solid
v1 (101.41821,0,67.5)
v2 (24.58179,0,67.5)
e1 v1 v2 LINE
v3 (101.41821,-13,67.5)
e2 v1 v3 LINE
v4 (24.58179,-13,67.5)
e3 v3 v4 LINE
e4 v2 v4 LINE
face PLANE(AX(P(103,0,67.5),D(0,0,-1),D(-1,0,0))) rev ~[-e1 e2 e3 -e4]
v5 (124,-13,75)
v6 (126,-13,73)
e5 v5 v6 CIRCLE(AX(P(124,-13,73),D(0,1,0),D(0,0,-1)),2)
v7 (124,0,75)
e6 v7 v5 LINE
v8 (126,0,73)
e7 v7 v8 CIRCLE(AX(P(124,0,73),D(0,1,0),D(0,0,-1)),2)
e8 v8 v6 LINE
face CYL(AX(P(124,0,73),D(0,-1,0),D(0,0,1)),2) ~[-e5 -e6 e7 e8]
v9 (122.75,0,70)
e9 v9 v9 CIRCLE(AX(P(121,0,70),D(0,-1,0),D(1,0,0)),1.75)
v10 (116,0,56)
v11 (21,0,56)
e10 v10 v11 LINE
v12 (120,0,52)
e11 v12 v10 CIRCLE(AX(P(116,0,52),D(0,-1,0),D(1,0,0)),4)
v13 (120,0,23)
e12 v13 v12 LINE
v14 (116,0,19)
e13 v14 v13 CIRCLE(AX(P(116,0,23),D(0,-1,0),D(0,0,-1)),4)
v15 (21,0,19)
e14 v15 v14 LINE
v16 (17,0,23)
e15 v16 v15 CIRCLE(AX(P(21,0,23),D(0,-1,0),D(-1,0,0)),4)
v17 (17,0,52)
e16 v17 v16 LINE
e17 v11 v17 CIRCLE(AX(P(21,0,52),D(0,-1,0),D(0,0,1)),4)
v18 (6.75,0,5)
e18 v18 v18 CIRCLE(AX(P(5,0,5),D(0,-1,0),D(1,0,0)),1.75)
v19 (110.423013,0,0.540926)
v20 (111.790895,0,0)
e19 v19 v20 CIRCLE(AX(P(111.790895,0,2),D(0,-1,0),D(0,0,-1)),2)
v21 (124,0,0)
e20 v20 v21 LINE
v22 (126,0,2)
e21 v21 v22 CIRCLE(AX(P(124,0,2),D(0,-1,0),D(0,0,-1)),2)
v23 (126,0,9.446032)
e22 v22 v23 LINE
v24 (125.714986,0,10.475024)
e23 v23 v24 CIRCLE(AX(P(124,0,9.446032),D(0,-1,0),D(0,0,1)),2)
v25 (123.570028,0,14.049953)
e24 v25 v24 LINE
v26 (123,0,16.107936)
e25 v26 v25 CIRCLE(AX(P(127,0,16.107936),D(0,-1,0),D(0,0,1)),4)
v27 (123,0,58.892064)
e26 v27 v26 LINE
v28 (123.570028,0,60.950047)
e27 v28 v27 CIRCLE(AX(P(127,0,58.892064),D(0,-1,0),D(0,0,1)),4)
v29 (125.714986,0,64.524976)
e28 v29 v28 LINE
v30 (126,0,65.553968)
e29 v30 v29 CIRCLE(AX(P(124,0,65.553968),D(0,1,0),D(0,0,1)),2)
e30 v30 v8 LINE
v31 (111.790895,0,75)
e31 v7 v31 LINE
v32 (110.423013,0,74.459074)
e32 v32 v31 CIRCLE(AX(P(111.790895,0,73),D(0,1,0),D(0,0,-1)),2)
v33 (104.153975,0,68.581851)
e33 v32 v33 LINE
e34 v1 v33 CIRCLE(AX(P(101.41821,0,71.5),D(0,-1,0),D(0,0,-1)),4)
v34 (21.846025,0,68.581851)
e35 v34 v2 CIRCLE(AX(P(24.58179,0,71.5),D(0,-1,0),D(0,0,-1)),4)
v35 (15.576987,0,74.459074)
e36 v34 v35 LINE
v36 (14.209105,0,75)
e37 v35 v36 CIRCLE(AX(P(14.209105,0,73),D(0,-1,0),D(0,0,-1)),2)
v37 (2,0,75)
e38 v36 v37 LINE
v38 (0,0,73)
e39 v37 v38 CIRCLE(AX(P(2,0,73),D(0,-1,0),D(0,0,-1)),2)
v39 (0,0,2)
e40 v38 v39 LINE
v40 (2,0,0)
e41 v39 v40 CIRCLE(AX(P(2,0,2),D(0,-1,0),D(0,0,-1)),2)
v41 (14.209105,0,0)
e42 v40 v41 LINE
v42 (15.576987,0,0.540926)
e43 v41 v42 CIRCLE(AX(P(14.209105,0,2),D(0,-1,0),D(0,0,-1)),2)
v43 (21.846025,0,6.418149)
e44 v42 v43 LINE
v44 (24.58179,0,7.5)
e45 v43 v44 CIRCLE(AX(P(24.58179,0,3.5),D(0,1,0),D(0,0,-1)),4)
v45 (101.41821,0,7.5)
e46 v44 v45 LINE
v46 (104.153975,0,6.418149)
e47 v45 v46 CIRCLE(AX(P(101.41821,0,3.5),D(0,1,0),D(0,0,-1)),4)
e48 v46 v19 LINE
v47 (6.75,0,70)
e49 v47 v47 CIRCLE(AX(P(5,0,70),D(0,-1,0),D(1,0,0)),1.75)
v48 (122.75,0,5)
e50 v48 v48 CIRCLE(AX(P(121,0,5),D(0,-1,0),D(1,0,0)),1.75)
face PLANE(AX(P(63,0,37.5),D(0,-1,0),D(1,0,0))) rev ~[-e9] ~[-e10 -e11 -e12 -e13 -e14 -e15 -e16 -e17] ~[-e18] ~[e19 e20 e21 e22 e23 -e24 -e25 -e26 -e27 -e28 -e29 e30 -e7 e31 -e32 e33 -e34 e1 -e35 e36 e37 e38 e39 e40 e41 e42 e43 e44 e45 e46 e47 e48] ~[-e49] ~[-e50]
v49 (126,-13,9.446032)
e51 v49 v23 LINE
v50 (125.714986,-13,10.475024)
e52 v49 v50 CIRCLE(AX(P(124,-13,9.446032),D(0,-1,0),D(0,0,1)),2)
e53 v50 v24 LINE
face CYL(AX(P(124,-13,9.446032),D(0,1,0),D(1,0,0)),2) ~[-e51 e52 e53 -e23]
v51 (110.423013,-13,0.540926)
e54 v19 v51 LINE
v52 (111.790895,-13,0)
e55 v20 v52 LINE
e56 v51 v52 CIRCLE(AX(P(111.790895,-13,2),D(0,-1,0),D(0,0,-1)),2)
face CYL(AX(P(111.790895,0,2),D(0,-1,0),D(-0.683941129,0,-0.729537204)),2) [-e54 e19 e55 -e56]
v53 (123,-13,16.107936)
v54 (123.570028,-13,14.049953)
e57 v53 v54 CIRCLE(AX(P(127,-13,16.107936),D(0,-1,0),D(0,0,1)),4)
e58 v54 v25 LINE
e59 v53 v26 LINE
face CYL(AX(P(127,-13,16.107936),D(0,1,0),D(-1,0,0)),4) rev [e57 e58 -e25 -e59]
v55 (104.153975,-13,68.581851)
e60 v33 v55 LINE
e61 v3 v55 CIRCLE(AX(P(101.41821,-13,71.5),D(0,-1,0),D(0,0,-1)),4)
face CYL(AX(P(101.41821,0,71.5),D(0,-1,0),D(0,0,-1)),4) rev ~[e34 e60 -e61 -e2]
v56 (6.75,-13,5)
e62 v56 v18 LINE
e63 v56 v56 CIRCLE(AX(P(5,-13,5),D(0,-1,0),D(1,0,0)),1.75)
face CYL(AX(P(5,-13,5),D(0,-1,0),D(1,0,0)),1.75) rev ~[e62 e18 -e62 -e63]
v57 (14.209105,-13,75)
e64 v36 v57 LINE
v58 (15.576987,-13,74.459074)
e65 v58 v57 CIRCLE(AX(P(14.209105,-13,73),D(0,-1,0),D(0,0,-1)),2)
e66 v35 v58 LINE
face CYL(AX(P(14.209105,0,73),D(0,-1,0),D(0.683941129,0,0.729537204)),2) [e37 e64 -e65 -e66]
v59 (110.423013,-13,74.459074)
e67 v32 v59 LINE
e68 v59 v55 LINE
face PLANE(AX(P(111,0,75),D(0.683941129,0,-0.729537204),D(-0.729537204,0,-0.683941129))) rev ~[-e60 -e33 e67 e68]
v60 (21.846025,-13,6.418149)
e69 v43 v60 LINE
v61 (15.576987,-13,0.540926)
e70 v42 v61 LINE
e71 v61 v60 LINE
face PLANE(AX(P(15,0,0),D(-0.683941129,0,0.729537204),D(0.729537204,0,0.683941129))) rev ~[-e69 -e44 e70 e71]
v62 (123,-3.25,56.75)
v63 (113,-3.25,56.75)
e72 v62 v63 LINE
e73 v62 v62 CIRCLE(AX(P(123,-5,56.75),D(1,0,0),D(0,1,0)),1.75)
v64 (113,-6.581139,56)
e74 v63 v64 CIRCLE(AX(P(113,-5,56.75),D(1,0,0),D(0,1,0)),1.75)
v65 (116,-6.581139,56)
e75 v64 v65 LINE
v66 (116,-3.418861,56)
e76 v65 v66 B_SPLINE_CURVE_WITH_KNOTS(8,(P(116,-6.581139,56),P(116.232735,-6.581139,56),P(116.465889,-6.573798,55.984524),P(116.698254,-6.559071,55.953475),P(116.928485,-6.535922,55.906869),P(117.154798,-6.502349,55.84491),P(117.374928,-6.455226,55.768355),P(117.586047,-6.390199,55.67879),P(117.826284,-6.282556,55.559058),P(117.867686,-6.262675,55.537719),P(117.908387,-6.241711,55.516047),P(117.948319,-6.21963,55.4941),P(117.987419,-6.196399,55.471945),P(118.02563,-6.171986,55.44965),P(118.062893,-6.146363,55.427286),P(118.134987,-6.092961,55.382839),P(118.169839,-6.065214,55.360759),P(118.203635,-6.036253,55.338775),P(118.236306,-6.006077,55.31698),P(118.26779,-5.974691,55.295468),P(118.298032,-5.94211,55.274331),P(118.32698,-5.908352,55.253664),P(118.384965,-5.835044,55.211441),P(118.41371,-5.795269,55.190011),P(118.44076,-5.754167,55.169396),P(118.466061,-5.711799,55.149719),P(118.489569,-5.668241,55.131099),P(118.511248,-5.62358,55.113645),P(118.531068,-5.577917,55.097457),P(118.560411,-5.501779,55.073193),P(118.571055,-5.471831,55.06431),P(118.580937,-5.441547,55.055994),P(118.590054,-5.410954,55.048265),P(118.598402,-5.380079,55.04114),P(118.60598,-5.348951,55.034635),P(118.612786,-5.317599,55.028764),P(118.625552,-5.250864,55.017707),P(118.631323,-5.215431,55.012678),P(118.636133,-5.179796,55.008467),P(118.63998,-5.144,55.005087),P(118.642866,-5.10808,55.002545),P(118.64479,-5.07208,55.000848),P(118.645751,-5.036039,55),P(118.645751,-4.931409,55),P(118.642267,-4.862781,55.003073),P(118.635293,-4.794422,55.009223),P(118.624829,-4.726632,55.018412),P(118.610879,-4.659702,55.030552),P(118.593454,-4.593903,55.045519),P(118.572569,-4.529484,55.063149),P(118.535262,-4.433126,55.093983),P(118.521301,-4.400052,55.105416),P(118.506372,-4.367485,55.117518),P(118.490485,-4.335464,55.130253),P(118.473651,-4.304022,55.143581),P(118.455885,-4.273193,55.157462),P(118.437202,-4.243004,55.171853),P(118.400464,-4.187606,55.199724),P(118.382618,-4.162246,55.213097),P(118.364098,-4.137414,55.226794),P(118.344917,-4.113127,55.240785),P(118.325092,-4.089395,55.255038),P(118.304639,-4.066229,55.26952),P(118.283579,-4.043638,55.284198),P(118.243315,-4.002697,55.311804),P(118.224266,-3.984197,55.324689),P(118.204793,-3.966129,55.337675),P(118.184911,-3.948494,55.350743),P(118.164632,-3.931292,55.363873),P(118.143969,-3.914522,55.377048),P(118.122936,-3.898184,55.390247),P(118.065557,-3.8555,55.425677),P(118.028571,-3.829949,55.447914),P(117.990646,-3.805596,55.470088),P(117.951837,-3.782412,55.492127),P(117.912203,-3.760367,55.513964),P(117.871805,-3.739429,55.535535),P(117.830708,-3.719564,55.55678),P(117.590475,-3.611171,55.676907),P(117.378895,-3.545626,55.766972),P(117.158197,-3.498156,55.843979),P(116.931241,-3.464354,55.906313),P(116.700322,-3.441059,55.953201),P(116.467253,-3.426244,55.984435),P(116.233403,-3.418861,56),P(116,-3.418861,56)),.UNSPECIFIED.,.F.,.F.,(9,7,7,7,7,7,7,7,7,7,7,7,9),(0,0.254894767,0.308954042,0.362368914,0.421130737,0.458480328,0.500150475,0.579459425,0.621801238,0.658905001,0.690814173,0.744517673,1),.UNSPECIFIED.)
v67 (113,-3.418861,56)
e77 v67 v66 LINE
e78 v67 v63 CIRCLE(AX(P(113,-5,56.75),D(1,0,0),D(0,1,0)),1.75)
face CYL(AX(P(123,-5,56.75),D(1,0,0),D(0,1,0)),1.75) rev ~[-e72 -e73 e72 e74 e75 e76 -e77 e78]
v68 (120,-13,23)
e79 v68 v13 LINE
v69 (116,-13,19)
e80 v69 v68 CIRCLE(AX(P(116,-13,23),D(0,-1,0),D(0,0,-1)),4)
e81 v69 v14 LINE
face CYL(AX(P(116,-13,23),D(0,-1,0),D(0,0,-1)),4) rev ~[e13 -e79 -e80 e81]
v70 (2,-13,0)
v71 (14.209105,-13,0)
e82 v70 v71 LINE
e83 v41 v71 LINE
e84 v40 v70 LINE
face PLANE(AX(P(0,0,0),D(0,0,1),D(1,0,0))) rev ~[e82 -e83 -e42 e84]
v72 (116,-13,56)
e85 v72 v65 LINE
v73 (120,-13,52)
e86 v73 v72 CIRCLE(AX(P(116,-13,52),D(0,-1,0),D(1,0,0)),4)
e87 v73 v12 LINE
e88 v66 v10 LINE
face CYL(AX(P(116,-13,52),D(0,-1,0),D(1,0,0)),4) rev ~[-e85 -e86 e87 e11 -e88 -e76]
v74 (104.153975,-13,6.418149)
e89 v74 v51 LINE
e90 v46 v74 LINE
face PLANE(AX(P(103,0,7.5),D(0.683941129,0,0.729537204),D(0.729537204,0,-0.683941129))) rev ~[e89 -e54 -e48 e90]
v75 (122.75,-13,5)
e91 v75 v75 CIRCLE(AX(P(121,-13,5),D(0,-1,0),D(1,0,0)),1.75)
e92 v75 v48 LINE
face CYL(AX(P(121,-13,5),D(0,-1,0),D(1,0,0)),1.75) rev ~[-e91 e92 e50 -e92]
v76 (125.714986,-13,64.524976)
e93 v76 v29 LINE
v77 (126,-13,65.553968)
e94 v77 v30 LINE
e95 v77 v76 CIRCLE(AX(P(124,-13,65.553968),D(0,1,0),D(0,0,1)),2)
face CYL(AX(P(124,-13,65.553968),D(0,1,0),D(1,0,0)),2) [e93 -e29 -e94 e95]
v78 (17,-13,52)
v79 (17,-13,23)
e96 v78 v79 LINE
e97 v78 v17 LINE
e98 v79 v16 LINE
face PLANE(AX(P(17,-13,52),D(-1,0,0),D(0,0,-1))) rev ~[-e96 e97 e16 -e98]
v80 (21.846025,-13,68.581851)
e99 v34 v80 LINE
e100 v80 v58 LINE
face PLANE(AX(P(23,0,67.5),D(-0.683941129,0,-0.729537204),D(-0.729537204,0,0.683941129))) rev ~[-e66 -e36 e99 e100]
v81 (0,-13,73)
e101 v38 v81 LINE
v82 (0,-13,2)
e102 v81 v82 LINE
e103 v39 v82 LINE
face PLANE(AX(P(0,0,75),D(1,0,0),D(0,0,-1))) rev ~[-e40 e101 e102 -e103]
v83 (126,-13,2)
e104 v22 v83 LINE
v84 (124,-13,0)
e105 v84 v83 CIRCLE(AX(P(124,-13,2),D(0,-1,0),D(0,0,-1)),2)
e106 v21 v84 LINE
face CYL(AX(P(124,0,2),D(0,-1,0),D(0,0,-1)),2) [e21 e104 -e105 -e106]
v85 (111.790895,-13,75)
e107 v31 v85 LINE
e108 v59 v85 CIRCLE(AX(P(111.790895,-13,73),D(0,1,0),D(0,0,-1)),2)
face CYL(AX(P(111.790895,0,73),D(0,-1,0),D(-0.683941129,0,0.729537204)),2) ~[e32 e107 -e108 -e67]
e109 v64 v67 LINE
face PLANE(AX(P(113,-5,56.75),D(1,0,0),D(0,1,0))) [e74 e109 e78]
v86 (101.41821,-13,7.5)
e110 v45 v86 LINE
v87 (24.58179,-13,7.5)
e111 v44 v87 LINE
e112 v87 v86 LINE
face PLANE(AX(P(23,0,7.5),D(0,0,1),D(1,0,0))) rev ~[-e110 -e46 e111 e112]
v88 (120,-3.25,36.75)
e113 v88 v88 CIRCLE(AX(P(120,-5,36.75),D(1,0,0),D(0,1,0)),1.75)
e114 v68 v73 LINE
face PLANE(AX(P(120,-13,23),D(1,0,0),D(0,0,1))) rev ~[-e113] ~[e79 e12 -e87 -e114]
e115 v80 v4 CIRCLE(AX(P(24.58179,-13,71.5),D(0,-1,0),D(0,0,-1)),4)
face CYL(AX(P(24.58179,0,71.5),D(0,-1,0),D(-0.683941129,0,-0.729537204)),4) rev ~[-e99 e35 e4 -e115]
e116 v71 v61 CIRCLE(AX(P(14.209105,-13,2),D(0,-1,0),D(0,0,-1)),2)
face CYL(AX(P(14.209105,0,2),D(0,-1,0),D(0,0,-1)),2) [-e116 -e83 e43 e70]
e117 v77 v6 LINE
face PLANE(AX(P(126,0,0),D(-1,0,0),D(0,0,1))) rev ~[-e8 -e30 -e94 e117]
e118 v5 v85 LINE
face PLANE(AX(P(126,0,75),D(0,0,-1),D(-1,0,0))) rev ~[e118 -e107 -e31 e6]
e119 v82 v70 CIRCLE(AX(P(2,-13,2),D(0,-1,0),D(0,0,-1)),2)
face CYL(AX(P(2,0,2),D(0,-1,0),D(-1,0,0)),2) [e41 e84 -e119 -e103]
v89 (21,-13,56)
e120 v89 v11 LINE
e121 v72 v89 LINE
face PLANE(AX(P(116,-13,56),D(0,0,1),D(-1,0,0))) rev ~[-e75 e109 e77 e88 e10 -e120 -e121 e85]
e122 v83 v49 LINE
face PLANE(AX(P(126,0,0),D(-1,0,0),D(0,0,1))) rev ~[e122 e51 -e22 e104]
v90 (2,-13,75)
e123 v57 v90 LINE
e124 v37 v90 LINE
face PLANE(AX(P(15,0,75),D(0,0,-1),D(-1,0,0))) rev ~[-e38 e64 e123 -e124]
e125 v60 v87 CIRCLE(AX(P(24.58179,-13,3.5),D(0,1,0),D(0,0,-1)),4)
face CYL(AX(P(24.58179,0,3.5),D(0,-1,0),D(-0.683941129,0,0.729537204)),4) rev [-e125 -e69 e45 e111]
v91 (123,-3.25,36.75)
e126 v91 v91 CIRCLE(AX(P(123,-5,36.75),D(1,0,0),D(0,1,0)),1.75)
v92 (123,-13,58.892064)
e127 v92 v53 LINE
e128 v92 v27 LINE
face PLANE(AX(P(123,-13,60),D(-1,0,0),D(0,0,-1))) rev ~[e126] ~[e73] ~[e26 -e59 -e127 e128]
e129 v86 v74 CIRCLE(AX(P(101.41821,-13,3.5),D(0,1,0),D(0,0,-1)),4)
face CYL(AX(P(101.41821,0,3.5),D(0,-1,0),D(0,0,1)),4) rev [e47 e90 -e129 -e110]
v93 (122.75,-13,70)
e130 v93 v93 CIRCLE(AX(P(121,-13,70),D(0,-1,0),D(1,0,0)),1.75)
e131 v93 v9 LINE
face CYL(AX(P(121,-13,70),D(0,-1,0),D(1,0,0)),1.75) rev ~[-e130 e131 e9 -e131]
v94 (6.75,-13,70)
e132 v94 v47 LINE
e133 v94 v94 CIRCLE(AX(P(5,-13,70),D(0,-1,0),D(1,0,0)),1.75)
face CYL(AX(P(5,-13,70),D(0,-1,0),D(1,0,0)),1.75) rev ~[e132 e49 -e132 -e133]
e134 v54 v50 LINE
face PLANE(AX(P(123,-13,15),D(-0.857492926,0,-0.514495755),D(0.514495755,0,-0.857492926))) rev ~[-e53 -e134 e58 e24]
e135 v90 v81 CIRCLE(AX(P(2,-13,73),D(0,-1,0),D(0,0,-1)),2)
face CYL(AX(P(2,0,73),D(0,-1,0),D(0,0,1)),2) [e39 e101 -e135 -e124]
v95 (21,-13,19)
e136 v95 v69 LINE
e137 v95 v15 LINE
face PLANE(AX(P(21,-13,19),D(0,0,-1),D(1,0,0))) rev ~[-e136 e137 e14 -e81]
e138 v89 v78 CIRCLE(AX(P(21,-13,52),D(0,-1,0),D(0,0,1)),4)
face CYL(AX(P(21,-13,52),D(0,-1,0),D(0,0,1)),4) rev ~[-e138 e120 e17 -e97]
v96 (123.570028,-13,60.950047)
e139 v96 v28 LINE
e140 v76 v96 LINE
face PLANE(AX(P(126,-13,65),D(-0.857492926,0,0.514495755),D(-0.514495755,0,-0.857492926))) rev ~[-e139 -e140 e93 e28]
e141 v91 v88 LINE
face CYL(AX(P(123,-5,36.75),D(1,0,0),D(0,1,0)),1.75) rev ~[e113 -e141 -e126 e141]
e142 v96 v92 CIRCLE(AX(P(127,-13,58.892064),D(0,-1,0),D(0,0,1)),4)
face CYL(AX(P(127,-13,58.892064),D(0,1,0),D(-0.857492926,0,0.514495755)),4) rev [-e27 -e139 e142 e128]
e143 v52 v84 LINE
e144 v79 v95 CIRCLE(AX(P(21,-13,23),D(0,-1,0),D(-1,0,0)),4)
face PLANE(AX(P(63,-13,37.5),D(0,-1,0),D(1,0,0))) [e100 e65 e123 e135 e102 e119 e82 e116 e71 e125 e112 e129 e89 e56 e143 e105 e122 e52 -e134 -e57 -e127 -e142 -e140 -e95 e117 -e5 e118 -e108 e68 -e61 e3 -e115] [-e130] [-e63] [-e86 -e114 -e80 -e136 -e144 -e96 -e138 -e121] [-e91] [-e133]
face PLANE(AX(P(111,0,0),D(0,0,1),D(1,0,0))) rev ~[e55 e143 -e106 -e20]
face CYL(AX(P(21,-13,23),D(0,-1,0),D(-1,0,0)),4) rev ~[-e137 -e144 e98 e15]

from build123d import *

# Parameters (mm, degrees)
F1_DEPTH = 13
F3_DEPTH = 25
F5_DEPTH = 25
F6_R     = 1.75
F7_DEPTH = 10
F8_R     = 1.75
F9_DEPTH = 25
F10_R    = 4
F11_R    = 2


with BuildPart() as f1:
    # F0 (on Front) → F1 (new body)
    with BuildSketch(Plane.XZ):
        Polygon((0, 75), (0, 0), (15, 0), (23, 7.5), (103, 7.5), (111, 0), (126, 0), (126, 75), (111, 75), (103, 67.5), (23, 67.5), (15, 75), align=None)
    extrude(amount=F1_DEPTH)

    # F2 (on face) → F3 (cut)
    with BuildSketch(Plane.XZ.offset(13)):
        with BuildLine():
            Line((116, 56), (21, 56))
            ThreePointArc((21, 56), (18.1715728753, 54.8284271247), (17, 52))
            Line((17, 52), (17, 23))
            ThreePointArc((17, 23), (18.1715728753, 20.1715728753), (21, 19))
            Line((21, 19), (116, 19))
            ThreePointArc((116, 19), (118.8284271247, 20.1715728753), (120, 23))
            Line((120, 23), (120, 52))
            ThreePointArc((120, 52), (118.8284271247, 54.8284271247), (116, 56))
        make_face()
    extrude(amount=-F3_DEPTH, mode=Mode.SUBTRACT)

    # F4 (on face) → F5 (cut)
    with BuildSketch(Plane.XZ.offset(13)):
        Polygon((126, 65), (123, 60), (123, 15), (126, 10), align=None)
    extrude(amount=-F5_DEPTH, mode=Mode.SUBTRACT)

    # F6 (on face) → F7 (cut)
    with BuildSketch(Plane.YZ.offset(123)):
        with Locations((-5, 36.75)):
            Circle(F6_R)
        with Locations((-5, 56.75)):
            Circle(F6_R)
    extrude(amount=-F7_DEPTH, mode=Mode.SUBTRACT)

    # F8 (on face) → F9 (cut)
    with BuildSketch(Plane.XZ.offset(13)):
        with Locations((5, 70)):
            Circle(F8_R)
        with Locations((5, 5)):
            Circle(F8_R)
        with Locations((121, 5)):
            Circle(F8_R)
        with Locations((121, 70)):
            Circle(F8_R)
    extrude(amount=-F9_DEPTH, mode=Mode.SUBTRACT)

    # F10
    f10_edges = [f1.edges().sort_by_distance(p)[0] for p in [
        (23, -6.5, 7.5),
        (103, -6.5, 7.5),
        (123, -6.5, 15),
        (123, -6.5, 60),
        (103, -6.5, 67.5),
        (23, -6.5, 67.5),
    ]]
    fillet(f10_edges, radius=F10_R)

    # F11
    f11_edges = [f1.edges().sort_by_distance(p)[0] for p in [
        (0, -6.5, 75),
        (0, -6.5, 0),
        (15, -6.5, 0),
        (111, -6.5, 0),
        (126, -6.5, 0),
        (126, -6.5, 10),
        (126, -6.5, 65),
        (126, -6.5, 75),
        (111, -6.5, 75),
        (15, -6.5, 75),
    ]]
    fillet(f11_edges, radius=F11_R)


solid = f1.part
